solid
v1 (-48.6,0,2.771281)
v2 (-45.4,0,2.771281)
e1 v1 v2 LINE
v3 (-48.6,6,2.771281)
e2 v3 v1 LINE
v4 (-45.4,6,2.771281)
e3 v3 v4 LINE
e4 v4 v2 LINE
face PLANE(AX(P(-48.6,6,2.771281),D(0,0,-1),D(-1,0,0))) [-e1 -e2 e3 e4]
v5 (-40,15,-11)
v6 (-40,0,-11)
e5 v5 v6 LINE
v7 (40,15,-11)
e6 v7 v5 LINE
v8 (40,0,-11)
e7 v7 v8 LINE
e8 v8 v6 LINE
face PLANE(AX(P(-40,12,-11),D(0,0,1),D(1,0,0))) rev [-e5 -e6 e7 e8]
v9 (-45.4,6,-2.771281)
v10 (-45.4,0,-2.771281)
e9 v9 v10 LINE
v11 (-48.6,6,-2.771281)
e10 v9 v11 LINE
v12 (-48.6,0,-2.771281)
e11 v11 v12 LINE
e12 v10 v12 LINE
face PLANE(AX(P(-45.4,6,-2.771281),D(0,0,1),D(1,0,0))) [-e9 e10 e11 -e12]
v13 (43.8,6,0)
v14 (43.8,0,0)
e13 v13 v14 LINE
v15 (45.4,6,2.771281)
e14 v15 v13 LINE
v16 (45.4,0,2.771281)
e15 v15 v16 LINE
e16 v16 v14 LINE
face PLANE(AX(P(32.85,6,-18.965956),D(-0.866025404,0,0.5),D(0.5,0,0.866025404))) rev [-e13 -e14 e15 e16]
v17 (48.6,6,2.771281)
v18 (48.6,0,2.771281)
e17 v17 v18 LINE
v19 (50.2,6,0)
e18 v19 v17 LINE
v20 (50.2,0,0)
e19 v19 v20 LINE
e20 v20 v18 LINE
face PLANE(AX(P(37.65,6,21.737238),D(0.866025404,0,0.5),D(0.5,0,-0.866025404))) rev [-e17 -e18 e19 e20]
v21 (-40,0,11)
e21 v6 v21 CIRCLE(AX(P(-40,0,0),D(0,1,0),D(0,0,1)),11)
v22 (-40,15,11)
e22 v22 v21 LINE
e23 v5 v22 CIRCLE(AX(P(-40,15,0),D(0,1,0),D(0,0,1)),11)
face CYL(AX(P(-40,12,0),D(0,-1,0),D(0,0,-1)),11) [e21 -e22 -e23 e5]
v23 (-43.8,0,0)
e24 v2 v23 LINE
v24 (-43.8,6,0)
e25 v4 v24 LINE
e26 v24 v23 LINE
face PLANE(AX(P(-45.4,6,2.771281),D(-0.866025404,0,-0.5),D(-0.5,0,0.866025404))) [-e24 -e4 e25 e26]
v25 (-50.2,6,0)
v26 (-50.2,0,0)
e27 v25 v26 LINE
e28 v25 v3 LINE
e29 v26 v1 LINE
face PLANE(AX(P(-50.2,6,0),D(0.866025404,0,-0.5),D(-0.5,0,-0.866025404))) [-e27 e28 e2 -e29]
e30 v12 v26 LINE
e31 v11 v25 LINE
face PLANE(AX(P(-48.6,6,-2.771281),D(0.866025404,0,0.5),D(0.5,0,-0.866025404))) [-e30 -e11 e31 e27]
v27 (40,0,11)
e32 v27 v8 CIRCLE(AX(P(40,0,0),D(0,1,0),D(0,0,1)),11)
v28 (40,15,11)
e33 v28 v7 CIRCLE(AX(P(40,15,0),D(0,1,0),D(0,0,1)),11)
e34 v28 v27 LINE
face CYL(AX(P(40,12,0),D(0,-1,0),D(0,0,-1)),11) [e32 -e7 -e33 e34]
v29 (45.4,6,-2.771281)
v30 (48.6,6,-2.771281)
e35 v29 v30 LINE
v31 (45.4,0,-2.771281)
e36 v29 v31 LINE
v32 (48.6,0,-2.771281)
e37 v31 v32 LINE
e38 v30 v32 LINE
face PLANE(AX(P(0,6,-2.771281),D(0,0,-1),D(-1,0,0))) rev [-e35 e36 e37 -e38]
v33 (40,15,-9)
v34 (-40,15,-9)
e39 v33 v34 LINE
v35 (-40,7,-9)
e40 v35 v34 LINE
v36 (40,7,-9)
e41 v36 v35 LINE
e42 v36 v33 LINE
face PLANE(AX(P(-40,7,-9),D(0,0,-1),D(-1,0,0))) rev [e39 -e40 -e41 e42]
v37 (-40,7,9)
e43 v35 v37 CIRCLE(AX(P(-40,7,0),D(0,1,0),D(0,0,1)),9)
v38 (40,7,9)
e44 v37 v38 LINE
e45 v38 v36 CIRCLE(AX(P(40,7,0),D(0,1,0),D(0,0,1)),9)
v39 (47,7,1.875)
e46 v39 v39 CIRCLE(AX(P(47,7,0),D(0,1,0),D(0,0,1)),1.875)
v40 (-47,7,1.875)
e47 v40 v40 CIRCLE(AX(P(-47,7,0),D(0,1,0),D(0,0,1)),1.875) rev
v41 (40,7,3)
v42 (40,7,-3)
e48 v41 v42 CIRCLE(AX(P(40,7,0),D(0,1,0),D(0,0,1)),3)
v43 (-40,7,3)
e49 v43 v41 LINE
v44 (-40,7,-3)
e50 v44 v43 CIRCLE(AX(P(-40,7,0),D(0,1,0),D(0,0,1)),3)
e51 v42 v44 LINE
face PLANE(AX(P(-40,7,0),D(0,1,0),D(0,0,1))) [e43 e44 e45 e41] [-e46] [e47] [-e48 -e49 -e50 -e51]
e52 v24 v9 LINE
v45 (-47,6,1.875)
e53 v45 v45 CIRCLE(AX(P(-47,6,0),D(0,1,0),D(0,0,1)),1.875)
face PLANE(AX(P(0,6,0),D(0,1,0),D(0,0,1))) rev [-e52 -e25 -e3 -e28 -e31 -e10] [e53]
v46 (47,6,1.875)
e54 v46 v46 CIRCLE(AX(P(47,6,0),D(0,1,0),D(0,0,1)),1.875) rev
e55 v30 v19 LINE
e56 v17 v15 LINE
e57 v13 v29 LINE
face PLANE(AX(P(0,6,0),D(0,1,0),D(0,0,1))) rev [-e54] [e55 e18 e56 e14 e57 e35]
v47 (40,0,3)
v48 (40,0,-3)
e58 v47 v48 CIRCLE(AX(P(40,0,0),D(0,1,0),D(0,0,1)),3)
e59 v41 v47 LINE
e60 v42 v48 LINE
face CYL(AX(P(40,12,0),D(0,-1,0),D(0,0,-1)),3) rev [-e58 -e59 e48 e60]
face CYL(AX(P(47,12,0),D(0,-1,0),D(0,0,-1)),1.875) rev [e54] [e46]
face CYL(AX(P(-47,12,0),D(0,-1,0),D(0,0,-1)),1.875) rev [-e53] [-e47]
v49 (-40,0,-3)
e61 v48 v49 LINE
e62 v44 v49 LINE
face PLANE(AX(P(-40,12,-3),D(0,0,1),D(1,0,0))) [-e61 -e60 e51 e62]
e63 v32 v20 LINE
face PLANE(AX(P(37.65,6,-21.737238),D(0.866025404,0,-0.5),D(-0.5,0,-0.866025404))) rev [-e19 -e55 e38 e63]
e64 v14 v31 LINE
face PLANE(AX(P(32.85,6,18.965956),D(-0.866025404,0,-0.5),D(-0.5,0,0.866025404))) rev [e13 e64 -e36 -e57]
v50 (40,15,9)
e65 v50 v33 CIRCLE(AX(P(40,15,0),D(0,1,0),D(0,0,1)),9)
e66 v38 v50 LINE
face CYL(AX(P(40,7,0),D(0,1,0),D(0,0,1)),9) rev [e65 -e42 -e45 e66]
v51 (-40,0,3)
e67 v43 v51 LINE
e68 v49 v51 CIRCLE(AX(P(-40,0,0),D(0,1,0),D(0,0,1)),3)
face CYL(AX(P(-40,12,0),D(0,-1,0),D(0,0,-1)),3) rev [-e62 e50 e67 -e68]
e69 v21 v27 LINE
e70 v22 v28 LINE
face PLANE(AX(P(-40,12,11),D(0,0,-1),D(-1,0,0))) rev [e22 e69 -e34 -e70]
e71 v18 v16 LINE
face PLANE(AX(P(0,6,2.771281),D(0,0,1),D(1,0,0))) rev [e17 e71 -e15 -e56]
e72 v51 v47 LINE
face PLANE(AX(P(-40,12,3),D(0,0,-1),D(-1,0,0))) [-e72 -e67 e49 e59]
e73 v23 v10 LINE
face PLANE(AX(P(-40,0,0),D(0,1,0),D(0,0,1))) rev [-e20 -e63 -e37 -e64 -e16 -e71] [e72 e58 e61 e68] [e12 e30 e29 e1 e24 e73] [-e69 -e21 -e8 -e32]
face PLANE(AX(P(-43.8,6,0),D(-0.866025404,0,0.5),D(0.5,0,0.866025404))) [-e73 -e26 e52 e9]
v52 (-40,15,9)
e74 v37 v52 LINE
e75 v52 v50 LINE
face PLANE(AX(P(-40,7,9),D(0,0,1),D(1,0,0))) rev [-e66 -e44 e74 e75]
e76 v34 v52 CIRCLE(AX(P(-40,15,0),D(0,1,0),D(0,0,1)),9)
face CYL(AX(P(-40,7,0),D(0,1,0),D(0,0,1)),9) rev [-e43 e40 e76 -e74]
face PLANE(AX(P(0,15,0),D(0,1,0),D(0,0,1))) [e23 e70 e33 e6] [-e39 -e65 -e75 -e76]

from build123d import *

# Parameters (mm, degrees)
SALIENTE_EXTRUIR1_DEPTH    = 12
CORTAR_EXTRUIR1_DEPTH      = 6
CROQUIS5_R                 = 1.875
CORTAR_EXTRUIR2_DEPTH      = 7
CORTAR_EXTRUIR2_DEPTH_BACK = 7
CROQUIS6_W                 = 80
CROQUIS6_H                 = 8
CROQUIS6_R                 = 1.875
SALIENTE_EXTRUIR4_DEPTH    = 3
CORTAR_EXTRUIR3_DEPTH      = 8


with BuildPart() as part:
    # Croquis1 → Saliente-Extruir1 (new body)
    with BuildSketch(Plane(origin=(0, 0, 0), x_dir=(1, 0, 0), z_dir=(0, 1, 0))):
        with BuildLine():
            Line((-40, 11), (40, 11))
            ThreePointArc((40, 11), (51, 0), (40, -11))
            Line((40, -11), (-40, -11))
            ThreePointArc((-40, -11), (-51, 0), (-40, 11))
        make_face()
        with BuildLine():
            Line((-40, 3), (40, 3))
            ThreePointArc((40, 3), (43, 0), (40, -3))
            Line((40, -3), (-40, -3))
            ThreePointArc((-40, -3), (-43, 0), (-40, 3))
        make_face(mode=Mode.SUBTRACT)
    extrude(amount=SALIENTE_EXTRUIR1_DEPTH)

    # Croquis2 → Cortar-Extruir1 (cut)
    with BuildSketch(Plane(origin=(0, 0, 0), x_dir=(1, 0, 0), z_dir=(0, 1, 0))):
        Polygon((45.4, -2.771281292), (43.8, 0), (45.4, 2.771281292), (48.6, 2.771281292), (50.2, 0), (48.6, -2.771281292), align=None)
        Polygon((-45.4, 2.771281292), (-48.6, 2.771281292), (-50.2, 0), (-48.6, -2.771281292), (-45.4, -2.771281292), (-43.8, 0), align=None)
    extrude(amount=CORTAR_EXTRUIR1_DEPTH, mode=Mode.SUBTRACT)

    # Croquis5 → Cortar-Extruir2 (cut, two sides)
    with BuildSketch(Plane.XZ.offset(-6)) as cortar_extruir2_sk:
        with Locations((-47, 0)):
            Circle(CROQUIS5_R)
        with Locations((47, 0)):
            Circle(CROQUIS5_R)
    extrude(amount=CORTAR_EXTRUIR2_DEPTH, mode=Mode.SUBTRACT)
    extrude(cortar_extruir2_sk.sketch, amount=-CORTAR_EXTRUIR2_DEPTH_BACK, mode=Mode.SUBTRACT)

    # Croquis6 → Saliente-Extruir4 (add)
    with BuildSketch(Plane(origin=(0, 12, 0), x_dir=(1, 0, 0), z_dir=(0, 1, 0))):
        with Locations((0, 7)):
            Rectangle(CROQUIS6_W, CROQUIS6_H)
        with Locations((0, -7)):
            Rectangle(CROQUIS6_W, CROQUIS6_H)
        with BuildLine():
            Line((-40, 3), (-40, 11))
            ThreePointArc((-40, 11), (-51, 0), (-40, -11))
            Line((-40, -11), (-40, -3))
            ThreePointArc((-40, -3), (-43, 0), (-40, 3))
        make_face()
        with Locations((-47, 0)):
            Circle(CROQUIS6_R, mode=Mode.SUBTRACT)
        with BuildLine():
            ThreePointArc((40, -11), (51, 0), (40, 11))
            Line((40, 11), (40, 3))
            ThreePointArc((40, 3), (43, 0), (40, -3))
            Line((40, -3), (40, -11))
        make_face()
        with Locations((47, 0)):
            Circle(CROQUIS6_R, mode=Mode.SUBTRACT)
    extrude(amount=SALIENTE_EXTRUIR4_DEPTH)

    # Croquis7 → Cortar-Extruir3 (cut)
    with BuildSketch(Plane(origin=(0, 15, 0), x_dir=(1, 0, 0), z_dir=(0, 1, 0))):
        with BuildLine():
            Line((-40, 9), (40, 9))
            ThreePointArc((40, 9), (49, 0), (40, -9))
            Line((40, -9), (-40, -9))
            ThreePointArc((-40, -9), (-49, 0), (-40, 9))
        make_face()
    extrude(amount=-CORTAR_EXTRUIR3_DEPTH, mode=Mode.SUBTRACT)


solid = part.part
